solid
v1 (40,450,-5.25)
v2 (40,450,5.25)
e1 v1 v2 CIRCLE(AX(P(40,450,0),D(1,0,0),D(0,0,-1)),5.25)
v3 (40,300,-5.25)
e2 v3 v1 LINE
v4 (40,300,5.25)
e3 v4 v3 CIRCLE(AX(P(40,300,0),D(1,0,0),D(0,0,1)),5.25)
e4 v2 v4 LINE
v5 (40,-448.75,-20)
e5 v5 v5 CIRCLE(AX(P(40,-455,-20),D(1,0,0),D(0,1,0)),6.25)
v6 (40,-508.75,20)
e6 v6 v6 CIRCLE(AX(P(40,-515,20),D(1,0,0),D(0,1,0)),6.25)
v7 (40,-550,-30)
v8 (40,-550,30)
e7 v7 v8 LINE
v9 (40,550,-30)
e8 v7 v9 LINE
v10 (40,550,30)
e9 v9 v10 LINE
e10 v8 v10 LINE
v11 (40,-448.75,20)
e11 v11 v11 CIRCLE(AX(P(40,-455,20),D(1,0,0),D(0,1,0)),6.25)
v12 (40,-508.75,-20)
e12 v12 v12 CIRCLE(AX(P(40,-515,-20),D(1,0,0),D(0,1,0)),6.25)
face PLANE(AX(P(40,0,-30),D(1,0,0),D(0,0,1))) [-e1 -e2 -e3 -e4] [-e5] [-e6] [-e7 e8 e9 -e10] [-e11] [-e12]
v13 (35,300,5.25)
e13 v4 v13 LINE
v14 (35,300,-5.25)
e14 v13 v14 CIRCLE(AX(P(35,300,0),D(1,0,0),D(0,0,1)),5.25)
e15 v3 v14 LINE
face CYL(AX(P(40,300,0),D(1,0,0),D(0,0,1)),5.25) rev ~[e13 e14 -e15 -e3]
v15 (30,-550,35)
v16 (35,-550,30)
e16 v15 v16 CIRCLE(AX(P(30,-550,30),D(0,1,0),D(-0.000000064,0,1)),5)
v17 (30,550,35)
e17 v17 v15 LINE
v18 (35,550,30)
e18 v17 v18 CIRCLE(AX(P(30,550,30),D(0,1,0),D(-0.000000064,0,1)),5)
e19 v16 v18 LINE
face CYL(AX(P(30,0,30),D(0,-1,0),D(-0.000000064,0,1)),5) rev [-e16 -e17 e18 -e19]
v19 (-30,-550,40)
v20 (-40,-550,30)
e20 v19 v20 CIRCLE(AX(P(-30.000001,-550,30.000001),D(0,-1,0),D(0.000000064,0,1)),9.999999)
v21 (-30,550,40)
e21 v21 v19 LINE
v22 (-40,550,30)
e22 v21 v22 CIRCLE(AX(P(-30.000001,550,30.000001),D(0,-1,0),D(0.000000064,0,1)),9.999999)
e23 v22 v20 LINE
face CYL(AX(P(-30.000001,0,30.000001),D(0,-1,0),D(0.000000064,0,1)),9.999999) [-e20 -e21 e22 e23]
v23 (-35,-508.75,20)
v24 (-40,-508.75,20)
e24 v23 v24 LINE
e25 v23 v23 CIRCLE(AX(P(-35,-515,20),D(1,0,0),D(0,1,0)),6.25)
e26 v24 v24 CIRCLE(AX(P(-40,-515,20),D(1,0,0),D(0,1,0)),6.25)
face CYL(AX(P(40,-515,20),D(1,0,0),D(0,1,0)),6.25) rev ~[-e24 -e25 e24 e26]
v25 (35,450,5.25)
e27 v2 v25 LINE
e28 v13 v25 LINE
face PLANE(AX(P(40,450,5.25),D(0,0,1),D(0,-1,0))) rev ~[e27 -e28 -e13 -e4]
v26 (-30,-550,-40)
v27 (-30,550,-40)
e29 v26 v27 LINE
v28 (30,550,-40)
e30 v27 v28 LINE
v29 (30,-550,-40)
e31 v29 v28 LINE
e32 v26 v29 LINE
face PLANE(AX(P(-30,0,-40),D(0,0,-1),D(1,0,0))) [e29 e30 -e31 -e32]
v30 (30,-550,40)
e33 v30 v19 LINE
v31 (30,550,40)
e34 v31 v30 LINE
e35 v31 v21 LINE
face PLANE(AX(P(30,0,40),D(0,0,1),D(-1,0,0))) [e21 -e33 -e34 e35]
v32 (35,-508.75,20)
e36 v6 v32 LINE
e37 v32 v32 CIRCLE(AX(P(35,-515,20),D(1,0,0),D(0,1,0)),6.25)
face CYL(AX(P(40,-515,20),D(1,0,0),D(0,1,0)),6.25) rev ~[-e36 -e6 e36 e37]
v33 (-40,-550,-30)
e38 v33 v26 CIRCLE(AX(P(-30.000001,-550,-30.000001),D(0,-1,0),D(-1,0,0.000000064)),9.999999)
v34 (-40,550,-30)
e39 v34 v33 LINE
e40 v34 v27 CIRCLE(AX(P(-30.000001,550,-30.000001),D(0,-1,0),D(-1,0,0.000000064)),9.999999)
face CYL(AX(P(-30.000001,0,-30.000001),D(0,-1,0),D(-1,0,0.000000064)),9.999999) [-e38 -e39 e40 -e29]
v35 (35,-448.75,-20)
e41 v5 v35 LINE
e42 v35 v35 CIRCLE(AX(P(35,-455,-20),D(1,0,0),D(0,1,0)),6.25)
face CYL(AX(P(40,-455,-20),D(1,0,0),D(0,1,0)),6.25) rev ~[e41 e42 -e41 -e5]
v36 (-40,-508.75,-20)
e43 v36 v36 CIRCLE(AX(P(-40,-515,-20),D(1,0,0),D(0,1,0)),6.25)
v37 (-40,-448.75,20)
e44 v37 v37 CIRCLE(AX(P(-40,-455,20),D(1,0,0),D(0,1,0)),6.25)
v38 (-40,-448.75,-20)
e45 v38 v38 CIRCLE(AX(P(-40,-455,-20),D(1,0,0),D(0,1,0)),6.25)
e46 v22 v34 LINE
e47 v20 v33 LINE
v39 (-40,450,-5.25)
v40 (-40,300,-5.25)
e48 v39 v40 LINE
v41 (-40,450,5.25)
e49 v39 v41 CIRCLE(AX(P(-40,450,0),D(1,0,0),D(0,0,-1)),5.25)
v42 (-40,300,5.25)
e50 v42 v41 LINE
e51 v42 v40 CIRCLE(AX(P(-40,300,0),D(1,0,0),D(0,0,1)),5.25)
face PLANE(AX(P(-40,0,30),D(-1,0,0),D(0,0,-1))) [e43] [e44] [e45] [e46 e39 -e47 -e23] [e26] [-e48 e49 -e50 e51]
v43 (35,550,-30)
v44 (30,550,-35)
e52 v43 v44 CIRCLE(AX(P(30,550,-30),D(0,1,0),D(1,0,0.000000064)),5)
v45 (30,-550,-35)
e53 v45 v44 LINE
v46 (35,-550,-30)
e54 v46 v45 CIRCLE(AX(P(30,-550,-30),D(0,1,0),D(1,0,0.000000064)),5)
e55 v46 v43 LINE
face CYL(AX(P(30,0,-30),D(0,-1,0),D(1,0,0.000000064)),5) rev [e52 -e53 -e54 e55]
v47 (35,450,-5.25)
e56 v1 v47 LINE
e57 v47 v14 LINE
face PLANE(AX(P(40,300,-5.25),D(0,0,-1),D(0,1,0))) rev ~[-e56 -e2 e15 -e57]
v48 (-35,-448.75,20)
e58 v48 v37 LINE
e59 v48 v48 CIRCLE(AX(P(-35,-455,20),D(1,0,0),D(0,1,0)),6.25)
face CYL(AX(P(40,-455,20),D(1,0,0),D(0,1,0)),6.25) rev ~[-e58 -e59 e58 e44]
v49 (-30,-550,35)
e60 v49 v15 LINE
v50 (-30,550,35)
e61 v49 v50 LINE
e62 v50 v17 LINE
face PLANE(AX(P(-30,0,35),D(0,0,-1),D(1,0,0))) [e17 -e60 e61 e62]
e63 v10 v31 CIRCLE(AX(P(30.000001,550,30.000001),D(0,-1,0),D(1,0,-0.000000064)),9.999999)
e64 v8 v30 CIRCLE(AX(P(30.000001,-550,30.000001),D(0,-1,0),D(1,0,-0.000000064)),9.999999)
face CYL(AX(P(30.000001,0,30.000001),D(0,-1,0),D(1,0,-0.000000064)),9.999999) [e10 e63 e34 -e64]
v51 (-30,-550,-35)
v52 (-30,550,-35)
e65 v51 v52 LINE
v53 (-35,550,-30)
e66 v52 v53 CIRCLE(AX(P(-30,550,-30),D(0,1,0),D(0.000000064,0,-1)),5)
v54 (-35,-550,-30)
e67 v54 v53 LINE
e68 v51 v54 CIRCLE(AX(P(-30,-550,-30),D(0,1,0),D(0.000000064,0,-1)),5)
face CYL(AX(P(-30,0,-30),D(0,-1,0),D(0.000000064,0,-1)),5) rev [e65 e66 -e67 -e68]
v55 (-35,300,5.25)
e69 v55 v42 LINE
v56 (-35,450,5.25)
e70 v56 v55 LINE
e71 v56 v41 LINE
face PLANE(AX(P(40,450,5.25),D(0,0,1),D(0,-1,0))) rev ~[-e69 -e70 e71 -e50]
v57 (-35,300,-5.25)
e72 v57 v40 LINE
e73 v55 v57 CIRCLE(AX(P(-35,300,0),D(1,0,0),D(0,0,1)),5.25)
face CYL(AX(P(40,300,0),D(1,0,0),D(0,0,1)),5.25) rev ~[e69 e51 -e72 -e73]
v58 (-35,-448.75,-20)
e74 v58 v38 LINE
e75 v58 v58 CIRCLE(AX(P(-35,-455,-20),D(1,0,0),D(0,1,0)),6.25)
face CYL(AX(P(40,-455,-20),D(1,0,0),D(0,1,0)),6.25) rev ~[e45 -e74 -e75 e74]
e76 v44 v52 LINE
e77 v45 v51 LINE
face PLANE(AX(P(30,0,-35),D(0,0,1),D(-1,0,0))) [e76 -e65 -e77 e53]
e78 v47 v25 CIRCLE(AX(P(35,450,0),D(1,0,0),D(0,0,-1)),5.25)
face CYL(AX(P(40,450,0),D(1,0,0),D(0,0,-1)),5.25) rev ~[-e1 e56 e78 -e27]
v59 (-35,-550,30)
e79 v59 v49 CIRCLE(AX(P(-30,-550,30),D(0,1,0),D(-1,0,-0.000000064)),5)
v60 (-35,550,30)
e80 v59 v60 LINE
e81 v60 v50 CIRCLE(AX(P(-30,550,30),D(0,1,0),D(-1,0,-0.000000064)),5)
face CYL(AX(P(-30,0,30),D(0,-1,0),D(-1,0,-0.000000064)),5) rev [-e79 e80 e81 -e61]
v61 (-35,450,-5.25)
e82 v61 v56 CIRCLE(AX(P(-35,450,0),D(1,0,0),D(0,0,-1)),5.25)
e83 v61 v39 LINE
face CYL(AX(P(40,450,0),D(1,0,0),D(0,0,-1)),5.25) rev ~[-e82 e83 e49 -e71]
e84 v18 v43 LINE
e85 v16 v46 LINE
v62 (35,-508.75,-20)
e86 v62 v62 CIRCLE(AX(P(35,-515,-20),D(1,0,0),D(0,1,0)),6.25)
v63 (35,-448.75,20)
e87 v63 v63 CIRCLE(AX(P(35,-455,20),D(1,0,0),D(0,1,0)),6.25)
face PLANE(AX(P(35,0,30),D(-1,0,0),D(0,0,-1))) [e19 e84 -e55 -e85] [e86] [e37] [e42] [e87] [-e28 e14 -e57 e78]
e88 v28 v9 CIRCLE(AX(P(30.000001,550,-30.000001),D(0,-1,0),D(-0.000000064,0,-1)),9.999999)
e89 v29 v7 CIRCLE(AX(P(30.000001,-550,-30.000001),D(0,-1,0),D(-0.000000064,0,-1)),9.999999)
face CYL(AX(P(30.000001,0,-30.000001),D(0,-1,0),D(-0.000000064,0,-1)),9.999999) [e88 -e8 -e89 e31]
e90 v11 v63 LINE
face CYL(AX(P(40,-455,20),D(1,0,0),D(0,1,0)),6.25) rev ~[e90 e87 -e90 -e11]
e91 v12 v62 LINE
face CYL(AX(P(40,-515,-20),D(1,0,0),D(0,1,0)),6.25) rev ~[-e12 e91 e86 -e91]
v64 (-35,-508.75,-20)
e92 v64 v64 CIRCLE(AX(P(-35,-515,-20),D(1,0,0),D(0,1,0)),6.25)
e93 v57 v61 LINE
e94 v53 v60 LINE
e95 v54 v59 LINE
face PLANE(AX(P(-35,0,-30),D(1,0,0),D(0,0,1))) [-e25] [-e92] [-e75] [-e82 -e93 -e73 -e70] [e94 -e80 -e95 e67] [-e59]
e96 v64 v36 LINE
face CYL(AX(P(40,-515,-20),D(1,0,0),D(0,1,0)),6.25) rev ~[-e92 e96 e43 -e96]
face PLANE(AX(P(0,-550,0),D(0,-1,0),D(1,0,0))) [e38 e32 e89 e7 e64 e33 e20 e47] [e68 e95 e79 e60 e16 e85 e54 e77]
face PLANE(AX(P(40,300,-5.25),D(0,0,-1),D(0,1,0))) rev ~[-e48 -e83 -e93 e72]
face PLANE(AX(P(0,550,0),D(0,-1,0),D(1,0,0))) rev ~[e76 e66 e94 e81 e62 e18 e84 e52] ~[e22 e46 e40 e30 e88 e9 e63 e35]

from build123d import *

# Parameters (mm, degrees)
F1_DEPTH = 550
F2_R     = 6.25
F3_DEPTH = 80.001
F5_DEPTH = 80.001


with BuildPart() as f1:
    # F0 (on Front) → F1 (new body, symmetric)
    with BuildSketch(Plane.XZ):
        with BuildLine():
            ThreePointArc((40, 30), (37.071068, 37.071068), (30, 40))
            Line((30, 40), (-30, 40))
            ThreePointArc((-30, 40), (-37.071068, 37.071068), (-40, 30))
            Line((-40, 30), (-40, -30))
            ThreePointArc((-40, -30), (-37.071068, -37.071068), (-30, -40))
            Line((-30, -40), (30, -40))
            ThreePointArc((30, -40), (37.071068, -37.071068), (40, -30))
            Line((40, -30), (40, 30))
        make_face()
        with BuildLine():
            ThreePointArc((30, 35), (33.535534, 33.535534), (35, 30))
            Line((35, 30), (35, -30))
            ThreePointArc((35, -30), (33.535534, -33.535534), (30, -35))
            Line((30, -35), (-30, -35))
            ThreePointArc((-30, -35), (-33.535534, -33.535534), (-35, -30))
            Line((-35, -30), (-35, 30))
            ThreePointArc((-35, 30), (-33.535534, 33.535534), (-30, 35))
            Line((-30, 35), (30, 35))
        make_face(mode=Mode.SUBTRACT)
    extrude(amount=F1_DEPTH, both=True)

    # F2 (on face) → F3 (cut, through all)
    with BuildSketch(Plane.YZ.offset(40)):
        with Locations((-515, 20)):
            Circle(F2_R)
        with Locations((-515, -20)):
            Circle(F2_R)
        with Locations((-455, 20)):
            Circle(F2_R)
        with Locations((-455, -20)):
            Circle(F2_R)
    extrude(amount=-F3_DEPTH, mode=Mode.SUBTRACT)

    # F4 (on face) → F5 (cut, through all)
    with BuildSketch(Plane.YZ.offset(40)):
        with BuildLine():
            ThreePointArc((450, -5.25), (455.25, 0), (450, 5.25))
            Line((450, 5.25), (300, 5.25))
            ThreePointArc((300, 5.25), (294.75, 0), (300, -5.25))
            Line((300, -5.25), (450, -5.25))
        make_face()
    extrude(amount=-F5_DEPTH, mode=Mode.SUBTRACT)


solid = f1.part
